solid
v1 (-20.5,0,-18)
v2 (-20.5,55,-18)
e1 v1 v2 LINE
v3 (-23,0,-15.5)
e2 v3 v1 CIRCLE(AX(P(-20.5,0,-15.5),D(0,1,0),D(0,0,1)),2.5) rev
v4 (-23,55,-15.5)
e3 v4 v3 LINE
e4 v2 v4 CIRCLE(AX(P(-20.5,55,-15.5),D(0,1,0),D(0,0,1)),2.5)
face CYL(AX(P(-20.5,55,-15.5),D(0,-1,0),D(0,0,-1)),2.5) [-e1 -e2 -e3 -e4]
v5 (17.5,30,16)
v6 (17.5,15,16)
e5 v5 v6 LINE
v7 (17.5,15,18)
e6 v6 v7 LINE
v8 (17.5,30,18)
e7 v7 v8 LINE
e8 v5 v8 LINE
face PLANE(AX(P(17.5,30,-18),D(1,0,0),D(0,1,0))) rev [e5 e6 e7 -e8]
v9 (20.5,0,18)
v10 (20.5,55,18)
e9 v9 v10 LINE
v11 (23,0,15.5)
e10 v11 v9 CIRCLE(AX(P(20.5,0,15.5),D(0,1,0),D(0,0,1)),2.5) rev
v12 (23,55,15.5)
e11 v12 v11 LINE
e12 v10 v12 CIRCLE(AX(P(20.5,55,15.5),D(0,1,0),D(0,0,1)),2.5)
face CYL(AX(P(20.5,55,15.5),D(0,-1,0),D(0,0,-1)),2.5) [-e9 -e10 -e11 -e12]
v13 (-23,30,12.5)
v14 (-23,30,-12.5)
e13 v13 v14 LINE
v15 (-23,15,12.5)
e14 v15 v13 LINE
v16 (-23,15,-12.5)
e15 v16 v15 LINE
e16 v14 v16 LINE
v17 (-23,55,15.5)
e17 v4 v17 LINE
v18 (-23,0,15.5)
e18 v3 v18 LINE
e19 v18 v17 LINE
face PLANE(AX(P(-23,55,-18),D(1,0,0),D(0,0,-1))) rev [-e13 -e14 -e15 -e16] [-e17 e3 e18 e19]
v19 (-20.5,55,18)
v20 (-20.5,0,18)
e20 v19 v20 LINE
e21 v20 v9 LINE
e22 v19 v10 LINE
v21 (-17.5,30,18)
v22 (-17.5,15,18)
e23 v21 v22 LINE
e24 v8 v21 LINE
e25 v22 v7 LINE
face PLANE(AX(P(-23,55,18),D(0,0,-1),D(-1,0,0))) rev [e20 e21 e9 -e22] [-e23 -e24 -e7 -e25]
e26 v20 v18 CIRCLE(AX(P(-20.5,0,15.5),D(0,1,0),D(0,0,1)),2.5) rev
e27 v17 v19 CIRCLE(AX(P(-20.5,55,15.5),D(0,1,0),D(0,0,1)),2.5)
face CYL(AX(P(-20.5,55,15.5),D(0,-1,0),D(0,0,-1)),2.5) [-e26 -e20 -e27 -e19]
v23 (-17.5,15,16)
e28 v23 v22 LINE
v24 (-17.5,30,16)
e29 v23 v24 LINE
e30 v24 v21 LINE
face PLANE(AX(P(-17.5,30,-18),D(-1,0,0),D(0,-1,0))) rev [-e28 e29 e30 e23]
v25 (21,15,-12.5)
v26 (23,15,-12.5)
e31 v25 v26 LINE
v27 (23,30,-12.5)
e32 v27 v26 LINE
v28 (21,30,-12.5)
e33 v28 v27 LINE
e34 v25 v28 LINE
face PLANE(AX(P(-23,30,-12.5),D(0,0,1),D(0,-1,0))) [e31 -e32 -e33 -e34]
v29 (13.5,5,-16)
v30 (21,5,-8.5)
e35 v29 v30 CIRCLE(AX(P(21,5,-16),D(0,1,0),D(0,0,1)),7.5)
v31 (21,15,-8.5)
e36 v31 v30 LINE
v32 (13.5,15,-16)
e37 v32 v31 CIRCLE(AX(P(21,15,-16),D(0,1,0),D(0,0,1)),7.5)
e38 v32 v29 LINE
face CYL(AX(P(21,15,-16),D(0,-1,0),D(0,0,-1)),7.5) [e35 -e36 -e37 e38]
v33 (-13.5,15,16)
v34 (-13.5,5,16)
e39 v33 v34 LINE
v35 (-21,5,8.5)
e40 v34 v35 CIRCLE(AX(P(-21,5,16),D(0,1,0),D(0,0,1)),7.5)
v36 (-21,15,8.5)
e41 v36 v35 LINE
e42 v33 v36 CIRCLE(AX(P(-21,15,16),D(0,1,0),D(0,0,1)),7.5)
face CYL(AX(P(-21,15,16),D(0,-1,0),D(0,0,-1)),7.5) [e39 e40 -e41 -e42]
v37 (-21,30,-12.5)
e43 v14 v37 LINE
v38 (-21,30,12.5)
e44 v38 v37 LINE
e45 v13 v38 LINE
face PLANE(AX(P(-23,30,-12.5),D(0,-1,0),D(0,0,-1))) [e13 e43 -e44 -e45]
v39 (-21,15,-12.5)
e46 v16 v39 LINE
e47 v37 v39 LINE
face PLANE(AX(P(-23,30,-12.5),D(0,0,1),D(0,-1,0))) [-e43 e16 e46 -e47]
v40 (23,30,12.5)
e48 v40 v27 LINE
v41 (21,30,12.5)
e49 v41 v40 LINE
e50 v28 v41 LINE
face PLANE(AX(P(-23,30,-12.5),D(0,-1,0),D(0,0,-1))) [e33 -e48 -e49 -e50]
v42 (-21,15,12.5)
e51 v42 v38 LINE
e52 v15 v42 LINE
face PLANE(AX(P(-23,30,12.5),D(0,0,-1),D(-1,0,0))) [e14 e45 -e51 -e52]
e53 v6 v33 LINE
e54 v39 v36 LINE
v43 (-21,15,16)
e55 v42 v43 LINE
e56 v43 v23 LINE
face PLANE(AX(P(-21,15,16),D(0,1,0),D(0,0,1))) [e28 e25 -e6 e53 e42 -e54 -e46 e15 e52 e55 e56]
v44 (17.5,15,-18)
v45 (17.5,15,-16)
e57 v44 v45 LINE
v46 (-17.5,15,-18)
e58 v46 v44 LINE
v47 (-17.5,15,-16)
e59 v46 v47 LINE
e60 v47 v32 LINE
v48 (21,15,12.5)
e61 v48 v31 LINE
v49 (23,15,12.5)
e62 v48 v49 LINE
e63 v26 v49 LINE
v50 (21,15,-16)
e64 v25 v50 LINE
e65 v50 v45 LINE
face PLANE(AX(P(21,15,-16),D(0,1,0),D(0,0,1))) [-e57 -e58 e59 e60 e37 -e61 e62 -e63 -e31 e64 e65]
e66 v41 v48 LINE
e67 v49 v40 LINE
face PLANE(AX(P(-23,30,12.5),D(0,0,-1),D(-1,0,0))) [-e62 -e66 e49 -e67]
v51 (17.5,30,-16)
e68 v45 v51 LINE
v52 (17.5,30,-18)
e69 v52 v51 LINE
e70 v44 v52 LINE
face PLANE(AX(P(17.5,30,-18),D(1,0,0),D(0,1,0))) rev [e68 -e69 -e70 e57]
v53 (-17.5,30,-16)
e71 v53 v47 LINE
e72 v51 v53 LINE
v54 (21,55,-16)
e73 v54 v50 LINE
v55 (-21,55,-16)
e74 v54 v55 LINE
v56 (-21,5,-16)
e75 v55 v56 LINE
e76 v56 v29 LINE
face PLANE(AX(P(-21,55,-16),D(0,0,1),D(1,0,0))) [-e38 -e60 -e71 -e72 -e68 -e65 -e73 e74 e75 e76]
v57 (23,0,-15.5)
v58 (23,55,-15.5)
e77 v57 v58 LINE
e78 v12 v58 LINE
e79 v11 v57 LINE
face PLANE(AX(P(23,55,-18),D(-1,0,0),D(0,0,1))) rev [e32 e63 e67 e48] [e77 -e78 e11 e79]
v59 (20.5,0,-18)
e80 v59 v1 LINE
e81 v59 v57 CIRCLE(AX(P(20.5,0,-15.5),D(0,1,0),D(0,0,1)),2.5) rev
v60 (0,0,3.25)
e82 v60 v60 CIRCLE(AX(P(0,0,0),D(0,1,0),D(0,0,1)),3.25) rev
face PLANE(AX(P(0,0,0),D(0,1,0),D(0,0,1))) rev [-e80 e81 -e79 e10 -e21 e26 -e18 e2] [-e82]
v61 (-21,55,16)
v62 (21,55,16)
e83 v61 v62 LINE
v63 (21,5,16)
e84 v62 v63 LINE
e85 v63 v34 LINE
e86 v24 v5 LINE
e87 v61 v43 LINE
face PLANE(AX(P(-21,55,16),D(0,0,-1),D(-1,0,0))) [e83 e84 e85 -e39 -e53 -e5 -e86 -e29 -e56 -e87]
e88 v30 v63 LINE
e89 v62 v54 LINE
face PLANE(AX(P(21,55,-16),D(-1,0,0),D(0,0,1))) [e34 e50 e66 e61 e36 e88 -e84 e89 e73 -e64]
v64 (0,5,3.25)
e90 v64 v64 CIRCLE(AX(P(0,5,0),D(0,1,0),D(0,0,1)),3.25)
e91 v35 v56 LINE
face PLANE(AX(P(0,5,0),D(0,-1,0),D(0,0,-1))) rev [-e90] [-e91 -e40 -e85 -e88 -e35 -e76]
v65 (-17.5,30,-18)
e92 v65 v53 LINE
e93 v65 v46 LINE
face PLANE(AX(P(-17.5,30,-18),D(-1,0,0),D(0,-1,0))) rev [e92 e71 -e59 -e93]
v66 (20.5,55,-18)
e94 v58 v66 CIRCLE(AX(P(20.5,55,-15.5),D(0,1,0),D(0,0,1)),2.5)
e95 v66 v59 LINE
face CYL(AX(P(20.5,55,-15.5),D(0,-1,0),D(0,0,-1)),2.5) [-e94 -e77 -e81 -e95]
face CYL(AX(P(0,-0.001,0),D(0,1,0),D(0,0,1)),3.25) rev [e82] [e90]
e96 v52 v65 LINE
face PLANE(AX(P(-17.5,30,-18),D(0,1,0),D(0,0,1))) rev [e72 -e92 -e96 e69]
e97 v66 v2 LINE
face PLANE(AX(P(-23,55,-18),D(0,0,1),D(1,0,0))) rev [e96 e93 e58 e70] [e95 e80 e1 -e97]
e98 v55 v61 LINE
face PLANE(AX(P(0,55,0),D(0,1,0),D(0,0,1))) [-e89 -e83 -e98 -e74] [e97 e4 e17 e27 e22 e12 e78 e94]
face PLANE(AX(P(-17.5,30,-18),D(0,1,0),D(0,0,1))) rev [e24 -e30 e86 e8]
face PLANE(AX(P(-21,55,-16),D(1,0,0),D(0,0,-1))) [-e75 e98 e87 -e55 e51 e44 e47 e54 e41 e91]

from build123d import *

# Parameters (mm, degrees)
SKETCH1_W           = 46
SKETCH1_H           = 36
SKETCH1_W_2         = 42
SKETCH1_H_2         = 32
BOSS_EXTRUDE1_DEPTH = 55
SKETCH2_W           = 42
SKETCH2_H           = 32
BOSS_EXTRUDE2_DEPTH = 5
FILLET1_R           = 2.5
BOSS_EXTRUDE3_DEPTH = 10
SKETCH3_W           = 25
SKETCH3_H           = 15
CUT_EXTRUDE1_DEPTH  = 47
SKETCH5_W           = 35
SKETCH5_H           = 15
CUT_EXTRUDE2_DEPTH  = 37
CUT_EXTRUDE3_REACH  = 7
SKETCH7_R           = 3.25


with BuildPart() as part:
    # Sketch1 → Boss-Extrude1 (new body)
    with BuildSketch(Plane(origin=(0, 0, 0), x_dir=(1, 0, 0), z_dir=(0, 1, 0))):
        Rectangle(SKETCH1_W, SKETCH1_H)
        Rectangle(SKETCH1_W_2, SKETCH1_H_2, mode=Mode.SUBTRACT)
    extrude(amount=BOSS_EXTRUDE1_DEPTH)

    # Sketch2 → Boss-Extrude2 (add)
    with BuildSketch(Plane.XZ):
        Rectangle(SKETCH2_W, SKETCH2_H)
    extrude(amount=-BOSS_EXTRUDE2_DEPTH)

    # Fillet1
    fillet1_edges = [part.edges().sort_by_distance(p)[0] for p in [
        (-23, 27.5, -18),
        (23, 27.5, -18),
        (23, 27.5, 18),
        (-23, 27.5, 18),
    ]]
    fillet(fillet1_edges, radius=FILLET1_R)

    # Sketch4 → Boss-Extrude3 (add)
    with BuildSketch(Plane(origin=(0, 5, 0), x_dir=(1, 0, 0), z_dir=(0, 1, 0))):
        with BuildLine():
            Line((-21, -16), (-13.5, -16))
            ThreePointArc((-13.5, -16), (-15.696699141, -10.696699141), (-21, -8.5))
            Line((-21, -8.5), (-21, -16))
        make_face()
        with BuildLine():
            Line((21, 16), (13.5, 16))
            ThreePointArc((13.5, 16), (15.696699141, 10.696699141), (21, 8.5))
            Line((21, 8.5), (21, 16))
        make_face()
    extrude(amount=BOSS_EXTRUDE3_DEPTH)

    # Sketch3 → Cut-Extrude1 (cut, through all)
    with BuildSketch(Plane(origin=(23, 0, -5), x_dir=(0, 0, 1), z_dir=(-1, 0, 0))):
        with Locations((5, 22.5)):
            Rectangle(SKETCH3_W, SKETCH3_H)
    extrude(amount=CUT_EXTRUDE1_DEPTH, mode=Mode.SUBTRACT)

    # Sketch5 → Cut-Extrude2 (cut, through all)
    with BuildSketch(Plane.XY.offset(18)):
        with Locations((0, 22.5)):
            Rectangle(SKETCH5_W, SKETCH5_H)
    extrude(amount=-CUT_EXTRUDE2_DEPTH, mode=Mode.SUBTRACT)

    # Sketch7 → Cut-Extrude3 (cut, up to next)
    with BuildSketch(Plane(origin=(0, 5, 0), x_dir=(1, 0, 0), z_dir=(0, 1, 0)), mode=Mode.PRIVATE) as cut_extrude3_sk1:
        Circle(SKETCH7_R)
    cut_extrude3_tool1 = extrude(cut_extrude3_sk1.sketch, amount=-CUT_EXTRUDE3_REACH, mode=Mode.PRIVATE) & part.part
    add(cut_extrude3_tool1.solids().sort_by_distance((0, 5, 0))[0], mode=Mode.SUBTRACT)


solid = part.part
